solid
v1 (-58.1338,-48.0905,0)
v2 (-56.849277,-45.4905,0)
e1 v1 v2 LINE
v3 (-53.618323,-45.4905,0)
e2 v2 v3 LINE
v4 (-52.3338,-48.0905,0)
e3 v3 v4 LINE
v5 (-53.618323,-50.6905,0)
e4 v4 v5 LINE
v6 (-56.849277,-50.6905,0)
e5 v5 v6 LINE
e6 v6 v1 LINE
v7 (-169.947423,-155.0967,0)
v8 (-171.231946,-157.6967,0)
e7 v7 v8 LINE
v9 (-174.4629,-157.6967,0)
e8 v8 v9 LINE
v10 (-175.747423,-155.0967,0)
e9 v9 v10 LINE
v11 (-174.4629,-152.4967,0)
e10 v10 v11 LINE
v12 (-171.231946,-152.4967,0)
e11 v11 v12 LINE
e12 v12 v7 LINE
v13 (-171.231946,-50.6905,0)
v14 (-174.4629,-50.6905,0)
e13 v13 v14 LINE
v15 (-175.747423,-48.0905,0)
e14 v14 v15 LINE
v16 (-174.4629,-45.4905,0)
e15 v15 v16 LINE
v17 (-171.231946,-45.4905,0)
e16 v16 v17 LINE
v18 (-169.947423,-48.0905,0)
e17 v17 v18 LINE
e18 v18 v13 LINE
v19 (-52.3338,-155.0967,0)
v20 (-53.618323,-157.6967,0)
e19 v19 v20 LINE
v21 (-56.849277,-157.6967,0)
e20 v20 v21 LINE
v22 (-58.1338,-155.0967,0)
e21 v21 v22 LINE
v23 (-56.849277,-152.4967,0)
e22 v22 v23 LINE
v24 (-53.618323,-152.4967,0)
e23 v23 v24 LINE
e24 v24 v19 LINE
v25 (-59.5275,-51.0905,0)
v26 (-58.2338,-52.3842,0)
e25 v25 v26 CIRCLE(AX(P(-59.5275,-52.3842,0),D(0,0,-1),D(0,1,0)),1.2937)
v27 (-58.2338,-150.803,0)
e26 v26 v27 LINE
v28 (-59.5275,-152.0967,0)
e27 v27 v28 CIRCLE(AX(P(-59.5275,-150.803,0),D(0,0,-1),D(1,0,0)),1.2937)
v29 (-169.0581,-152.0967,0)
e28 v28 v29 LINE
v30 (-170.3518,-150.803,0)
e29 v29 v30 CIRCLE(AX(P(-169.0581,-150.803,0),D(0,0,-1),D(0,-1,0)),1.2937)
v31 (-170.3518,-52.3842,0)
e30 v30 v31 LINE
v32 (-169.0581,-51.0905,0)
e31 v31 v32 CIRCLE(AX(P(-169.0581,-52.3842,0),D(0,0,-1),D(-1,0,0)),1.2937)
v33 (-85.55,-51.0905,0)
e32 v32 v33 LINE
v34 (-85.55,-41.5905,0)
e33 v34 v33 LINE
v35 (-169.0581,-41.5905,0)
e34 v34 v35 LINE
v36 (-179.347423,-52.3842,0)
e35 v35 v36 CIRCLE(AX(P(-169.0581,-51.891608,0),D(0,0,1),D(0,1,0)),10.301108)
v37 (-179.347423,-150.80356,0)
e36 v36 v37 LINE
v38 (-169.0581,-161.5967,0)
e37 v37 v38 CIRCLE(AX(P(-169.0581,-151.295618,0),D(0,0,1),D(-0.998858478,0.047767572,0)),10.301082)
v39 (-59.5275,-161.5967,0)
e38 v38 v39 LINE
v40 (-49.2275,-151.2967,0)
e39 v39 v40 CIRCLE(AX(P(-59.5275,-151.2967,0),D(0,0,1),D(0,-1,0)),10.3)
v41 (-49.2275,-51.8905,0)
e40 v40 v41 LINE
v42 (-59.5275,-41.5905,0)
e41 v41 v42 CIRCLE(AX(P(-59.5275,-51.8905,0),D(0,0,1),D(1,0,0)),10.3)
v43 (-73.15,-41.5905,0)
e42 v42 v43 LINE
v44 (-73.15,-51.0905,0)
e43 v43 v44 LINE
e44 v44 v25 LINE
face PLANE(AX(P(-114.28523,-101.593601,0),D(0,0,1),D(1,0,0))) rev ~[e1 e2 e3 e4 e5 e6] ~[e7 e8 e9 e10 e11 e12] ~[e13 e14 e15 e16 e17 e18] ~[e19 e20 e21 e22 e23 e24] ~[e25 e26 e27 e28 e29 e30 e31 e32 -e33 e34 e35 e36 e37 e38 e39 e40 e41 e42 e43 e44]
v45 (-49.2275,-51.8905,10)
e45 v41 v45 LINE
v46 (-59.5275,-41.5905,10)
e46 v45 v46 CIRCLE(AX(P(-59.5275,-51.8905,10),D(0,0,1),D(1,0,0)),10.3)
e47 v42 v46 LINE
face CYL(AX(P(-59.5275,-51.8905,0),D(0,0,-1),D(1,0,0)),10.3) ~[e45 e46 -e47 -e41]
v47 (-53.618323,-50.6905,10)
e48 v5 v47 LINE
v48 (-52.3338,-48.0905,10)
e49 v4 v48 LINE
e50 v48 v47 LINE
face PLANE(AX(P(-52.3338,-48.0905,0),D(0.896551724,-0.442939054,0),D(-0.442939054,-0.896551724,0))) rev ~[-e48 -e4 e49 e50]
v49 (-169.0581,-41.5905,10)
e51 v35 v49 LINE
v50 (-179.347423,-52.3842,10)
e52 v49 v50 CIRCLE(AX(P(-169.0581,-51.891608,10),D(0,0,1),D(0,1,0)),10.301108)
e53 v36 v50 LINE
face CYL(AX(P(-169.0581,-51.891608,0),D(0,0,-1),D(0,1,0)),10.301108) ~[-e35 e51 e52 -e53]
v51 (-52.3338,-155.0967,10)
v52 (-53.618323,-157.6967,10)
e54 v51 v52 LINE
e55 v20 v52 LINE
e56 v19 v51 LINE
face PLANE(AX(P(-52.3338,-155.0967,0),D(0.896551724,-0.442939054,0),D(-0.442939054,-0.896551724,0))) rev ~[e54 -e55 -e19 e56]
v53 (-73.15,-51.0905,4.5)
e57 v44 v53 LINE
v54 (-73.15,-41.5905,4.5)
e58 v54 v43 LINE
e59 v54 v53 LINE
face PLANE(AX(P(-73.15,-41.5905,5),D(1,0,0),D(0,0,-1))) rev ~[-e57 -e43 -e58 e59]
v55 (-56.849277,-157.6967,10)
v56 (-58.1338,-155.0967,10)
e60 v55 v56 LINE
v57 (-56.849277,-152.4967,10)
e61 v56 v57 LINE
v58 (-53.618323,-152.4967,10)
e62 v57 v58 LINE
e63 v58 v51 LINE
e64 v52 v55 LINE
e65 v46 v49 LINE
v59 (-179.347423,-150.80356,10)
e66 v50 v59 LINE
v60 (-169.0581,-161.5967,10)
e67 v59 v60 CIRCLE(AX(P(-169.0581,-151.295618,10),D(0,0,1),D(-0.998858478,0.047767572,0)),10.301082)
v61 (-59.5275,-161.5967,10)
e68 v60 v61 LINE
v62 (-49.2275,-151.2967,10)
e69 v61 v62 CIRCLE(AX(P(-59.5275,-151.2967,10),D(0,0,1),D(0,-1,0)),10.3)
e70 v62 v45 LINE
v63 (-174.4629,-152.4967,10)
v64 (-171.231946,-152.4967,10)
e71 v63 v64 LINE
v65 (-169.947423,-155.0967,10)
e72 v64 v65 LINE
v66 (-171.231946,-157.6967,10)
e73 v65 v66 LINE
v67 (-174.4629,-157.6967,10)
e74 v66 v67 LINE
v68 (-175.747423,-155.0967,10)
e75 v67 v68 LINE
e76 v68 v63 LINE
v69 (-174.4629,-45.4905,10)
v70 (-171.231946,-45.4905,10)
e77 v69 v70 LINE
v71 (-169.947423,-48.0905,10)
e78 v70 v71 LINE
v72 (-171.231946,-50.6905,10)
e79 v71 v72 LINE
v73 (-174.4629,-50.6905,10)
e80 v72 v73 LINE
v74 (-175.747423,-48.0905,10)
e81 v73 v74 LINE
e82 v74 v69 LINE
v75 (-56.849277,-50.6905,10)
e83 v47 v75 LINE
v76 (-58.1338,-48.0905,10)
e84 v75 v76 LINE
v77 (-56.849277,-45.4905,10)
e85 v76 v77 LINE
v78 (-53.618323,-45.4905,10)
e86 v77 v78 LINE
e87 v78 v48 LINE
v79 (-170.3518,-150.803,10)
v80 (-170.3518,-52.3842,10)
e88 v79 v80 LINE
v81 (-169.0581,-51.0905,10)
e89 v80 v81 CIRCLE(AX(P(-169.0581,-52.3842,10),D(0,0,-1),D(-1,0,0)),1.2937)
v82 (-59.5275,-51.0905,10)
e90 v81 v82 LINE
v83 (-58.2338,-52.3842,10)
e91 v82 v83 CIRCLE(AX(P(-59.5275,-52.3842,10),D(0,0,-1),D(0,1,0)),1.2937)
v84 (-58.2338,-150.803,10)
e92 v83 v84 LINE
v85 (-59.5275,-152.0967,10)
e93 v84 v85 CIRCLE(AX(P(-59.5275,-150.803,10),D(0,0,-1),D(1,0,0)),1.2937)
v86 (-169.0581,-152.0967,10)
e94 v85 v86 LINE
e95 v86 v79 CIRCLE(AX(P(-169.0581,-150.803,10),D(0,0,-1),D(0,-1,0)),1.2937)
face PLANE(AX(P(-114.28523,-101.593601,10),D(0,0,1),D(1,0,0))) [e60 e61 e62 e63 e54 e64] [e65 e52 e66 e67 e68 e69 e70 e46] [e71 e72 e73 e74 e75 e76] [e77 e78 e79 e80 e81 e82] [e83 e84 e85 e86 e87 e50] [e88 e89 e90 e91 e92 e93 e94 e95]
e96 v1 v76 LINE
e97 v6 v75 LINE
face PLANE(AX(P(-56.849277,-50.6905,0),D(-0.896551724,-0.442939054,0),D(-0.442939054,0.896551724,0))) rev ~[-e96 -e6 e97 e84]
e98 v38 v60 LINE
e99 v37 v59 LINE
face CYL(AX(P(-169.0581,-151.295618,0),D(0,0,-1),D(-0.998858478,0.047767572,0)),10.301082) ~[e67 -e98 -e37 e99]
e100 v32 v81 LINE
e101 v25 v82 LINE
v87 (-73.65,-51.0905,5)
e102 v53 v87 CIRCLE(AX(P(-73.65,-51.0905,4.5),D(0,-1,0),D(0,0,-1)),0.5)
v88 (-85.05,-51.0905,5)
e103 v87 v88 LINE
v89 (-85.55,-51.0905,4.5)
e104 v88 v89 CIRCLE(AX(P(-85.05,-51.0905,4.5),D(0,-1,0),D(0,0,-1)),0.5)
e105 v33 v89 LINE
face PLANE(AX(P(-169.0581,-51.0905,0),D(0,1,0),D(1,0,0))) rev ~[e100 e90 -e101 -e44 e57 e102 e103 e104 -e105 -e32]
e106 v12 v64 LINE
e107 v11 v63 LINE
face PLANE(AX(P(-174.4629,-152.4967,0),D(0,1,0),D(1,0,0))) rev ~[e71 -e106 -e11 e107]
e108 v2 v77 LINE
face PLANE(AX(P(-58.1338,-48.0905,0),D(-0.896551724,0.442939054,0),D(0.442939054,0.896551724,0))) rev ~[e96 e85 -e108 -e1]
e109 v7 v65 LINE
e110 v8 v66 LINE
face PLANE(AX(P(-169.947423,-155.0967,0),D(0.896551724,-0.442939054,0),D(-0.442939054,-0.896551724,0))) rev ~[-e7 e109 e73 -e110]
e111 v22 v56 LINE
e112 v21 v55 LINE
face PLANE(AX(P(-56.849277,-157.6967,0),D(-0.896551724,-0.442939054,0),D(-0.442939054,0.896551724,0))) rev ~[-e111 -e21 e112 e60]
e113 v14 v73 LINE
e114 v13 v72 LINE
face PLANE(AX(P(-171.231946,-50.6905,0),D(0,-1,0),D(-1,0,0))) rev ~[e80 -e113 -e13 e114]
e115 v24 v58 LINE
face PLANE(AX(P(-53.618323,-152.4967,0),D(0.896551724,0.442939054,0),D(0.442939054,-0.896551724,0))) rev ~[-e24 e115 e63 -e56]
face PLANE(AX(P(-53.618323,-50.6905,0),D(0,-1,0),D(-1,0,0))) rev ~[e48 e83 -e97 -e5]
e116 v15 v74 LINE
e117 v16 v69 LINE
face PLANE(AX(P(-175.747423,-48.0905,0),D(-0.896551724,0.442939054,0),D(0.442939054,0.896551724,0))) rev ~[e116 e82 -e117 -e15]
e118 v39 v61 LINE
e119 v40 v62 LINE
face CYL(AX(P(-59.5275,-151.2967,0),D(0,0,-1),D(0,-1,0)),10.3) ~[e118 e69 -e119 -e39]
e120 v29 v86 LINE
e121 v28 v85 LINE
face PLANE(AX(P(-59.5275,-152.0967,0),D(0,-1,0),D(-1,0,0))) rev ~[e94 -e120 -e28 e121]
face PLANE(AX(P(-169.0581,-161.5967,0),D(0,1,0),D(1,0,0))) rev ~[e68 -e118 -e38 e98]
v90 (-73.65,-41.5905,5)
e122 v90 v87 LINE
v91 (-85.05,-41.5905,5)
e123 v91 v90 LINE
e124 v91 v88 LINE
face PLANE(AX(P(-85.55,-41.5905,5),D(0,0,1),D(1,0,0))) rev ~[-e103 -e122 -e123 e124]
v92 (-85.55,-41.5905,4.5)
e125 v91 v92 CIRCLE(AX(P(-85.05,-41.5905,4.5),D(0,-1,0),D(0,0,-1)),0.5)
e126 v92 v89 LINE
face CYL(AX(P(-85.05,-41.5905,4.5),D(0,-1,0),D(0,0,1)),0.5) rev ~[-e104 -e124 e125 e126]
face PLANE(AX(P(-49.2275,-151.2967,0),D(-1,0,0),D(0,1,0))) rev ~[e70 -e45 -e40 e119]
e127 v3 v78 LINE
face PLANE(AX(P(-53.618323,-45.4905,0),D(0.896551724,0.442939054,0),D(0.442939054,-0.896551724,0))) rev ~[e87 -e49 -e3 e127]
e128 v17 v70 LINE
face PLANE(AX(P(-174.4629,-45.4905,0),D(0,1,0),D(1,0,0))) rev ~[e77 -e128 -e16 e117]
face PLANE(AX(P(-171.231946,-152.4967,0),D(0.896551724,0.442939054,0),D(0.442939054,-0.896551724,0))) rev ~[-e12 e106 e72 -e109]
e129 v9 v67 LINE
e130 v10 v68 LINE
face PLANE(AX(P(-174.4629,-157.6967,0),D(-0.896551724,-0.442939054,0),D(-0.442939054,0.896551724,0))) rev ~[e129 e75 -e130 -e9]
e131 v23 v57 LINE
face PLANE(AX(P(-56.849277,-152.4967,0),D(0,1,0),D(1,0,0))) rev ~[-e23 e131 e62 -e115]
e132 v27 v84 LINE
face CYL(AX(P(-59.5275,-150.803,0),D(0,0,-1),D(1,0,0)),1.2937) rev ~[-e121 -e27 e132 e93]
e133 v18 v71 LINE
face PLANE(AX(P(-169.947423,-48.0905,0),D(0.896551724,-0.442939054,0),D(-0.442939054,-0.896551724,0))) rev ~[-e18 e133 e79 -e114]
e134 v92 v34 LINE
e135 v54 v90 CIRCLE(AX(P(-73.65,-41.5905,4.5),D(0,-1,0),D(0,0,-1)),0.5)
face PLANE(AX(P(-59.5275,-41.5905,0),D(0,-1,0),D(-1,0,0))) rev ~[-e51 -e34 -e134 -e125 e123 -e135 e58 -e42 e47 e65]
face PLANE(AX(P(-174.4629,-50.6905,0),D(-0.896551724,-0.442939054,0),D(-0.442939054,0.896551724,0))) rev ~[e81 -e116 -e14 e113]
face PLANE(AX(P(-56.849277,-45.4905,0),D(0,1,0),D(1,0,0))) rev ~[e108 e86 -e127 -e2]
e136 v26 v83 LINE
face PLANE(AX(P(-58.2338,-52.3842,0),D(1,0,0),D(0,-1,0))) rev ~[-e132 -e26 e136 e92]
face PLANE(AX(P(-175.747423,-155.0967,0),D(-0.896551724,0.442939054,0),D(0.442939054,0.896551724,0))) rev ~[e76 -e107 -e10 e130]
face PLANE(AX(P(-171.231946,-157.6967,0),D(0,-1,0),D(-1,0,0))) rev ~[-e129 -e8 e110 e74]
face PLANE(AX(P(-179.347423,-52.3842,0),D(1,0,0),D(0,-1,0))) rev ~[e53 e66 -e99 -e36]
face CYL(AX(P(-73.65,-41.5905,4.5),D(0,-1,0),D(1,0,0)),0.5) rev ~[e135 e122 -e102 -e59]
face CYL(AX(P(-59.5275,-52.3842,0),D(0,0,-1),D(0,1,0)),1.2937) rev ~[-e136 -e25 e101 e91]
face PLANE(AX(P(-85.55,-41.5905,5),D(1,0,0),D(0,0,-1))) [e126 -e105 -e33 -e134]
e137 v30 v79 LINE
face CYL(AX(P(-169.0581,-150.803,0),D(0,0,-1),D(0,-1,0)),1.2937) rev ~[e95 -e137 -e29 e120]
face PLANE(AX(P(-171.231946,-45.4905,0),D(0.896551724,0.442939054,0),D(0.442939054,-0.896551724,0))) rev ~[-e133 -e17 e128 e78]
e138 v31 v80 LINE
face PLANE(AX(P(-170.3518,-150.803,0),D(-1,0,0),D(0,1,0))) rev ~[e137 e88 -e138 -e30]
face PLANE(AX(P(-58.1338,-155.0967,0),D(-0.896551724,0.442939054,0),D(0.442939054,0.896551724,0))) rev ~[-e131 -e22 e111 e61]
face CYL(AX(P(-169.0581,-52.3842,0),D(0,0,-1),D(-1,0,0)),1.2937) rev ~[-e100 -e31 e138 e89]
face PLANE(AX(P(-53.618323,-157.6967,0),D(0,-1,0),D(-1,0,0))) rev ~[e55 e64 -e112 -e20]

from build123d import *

# Parameters (mm, degrees)
AUFSATZ_LINEAR_AUSTRAGEN1_DEPTH = 10
SCHNITT_LINEAR_AUSTRAGEN1_REACH = 218.035
SKIZZE2_W                       = 12.4
SKIZZE2_H                       = 5
VERRUNDUNG1_R                   = 0.5


with BuildPart() as part:
    # Skizze1 → Aufsatz-Linear austragen1 (new body)
    with BuildSketch(Plane.XY):
        with BuildLine():
            Line((-59.5275, -41.5905), (-73.15, -41.5905))
            Line((-73.15, -41.5905), (-85.55, -41.5905))
            Line((-85.55, -41.5905), (-169.0581, -41.5905))
            ThreePointArc((-169.0581, -41.5905), (-176.514207067, -44.783915623), (-179.34742314, -52.3842))
            Line((-179.34742314, -52.3842), (-179.34742314, -150.803560266))
            ThreePointArc((-179.34742314, -150.803560266), (-176.514004305, -158.403485592), (-169.0581, -161.5967))
            Line((-169.0581, -161.5967), (-59.5275, -161.5967))
            ThreePointArc((-59.5275, -161.5967), (-52.244300154, -158.579899846), (-49.2275, -151.2967))
            Line((-49.2275, -151.2967), (-49.2275, -51.8905))
            ThreePointArc((-49.2275, -51.8905), (-52.244300154, -44.607300154), (-59.5275, -41.5905))
        make_face()
        Polygon((-174.462899882, -152.4967), (-171.231946398, -152.4967), (-169.94742314, -155.0967), (-171.231946398, -157.6967), (-174.462899882, -157.6967), (-175.74742314, -155.0967), align=None, mode=Mode.SUBTRACT)
        Polygon((-58.1338, -155.0967), (-56.849276742, -152.4967), (-53.618323258, -152.4967), (-52.3338, -155.0967), (-53.618323258, -157.6967), (-56.849276742, -157.6967), align=None, mode=Mode.SUBTRACT)
        Polygon((-175.74742314, -48.0905), (-174.462899882, -45.4905), (-171.231946398, -45.4905), (-169.94742314, -48.0905), (-171.231946398, -50.6905), (-174.462899882, -50.6905), align=None, mode=Mode.SUBTRACT)
        with BuildLine():
            Line((-85.55, -51.0905), (-73.15, -51.0905))
            Line((-73.15, -51.0905), (-59.5275, -51.0905))
            ThreePointArc((-59.5275, -51.0905), (-58.612715957, -51.469415957), (-58.2338, -52.3842))
            Line((-58.2338, -52.3842), (-58.2338, -150.803))
            ThreePointArc((-58.2338, -150.803), (-58.612715957, -151.717784043), (-59.5275, -152.0967))
            Line((-59.5275, -152.0967), (-169.0581, -152.0967))
            ThreePointArc((-169.0581, -152.0967), (-169.972884043, -151.717784043), (-170.3518, -150.803))
            Line((-170.3518, -150.803), (-170.3518, -52.3842))
            ThreePointArc((-170.3518, -52.3842), (-169.972884043, -51.469415957), (-169.0581, -51.0905))
            Line((-169.0581, -51.0905), (-85.55, -51.0905))
        make_face(mode=Mode.SUBTRACT)
        Polygon((-58.1338, -48.0905), (-56.849276742, -45.4905), (-53.618323258, -45.4905), (-52.3338, -48.0905), (-53.618323258, -50.6905), (-56.849276742, -50.6905), align=None, mode=Mode.SUBTRACT)
    extrude(amount=AUFSATZ_LINEAR_AUSTRAGEN1_DEPTH)

    # Skizze2 → Schnitt-Linear austragen1 (cut, up to next)
    with BuildSketch(Plane(origin=(0, -41.5905, 0), x_dir=(1, 0, 0), z_dir=(0, 1, 0)), mode=Mode.PRIVATE) as schnitt_linear_austragen1_sk1:
        with Locations((-79.35, -2.5)):
            Rectangle(SKIZZE2_W, SKIZZE2_H)
    schnitt_linear_austragen1_tool1 = extrude(schnitt_linear_austragen1_sk1.sketch, amount=-SCHNITT_LINEAR_AUSTRAGEN1_REACH, mode=Mode.PRIVATE) & part.part
    add(schnitt_linear_austragen1_tool1.solids().sort_by_distance((-79.35, -41.5905, 2.5))[0], mode=Mode.SUBTRACT)

    # Verrundung1
    verrundung1_edges = [part.edges().sort_by_distance(p)[0] for p in [
        (-85.55, -46.3405, 5),
        (-73.15, -46.3405, 5),
    ]]
    fillet(verrundung1_edges, radius=VERRUNDUNG1_R)


solid = part.part
